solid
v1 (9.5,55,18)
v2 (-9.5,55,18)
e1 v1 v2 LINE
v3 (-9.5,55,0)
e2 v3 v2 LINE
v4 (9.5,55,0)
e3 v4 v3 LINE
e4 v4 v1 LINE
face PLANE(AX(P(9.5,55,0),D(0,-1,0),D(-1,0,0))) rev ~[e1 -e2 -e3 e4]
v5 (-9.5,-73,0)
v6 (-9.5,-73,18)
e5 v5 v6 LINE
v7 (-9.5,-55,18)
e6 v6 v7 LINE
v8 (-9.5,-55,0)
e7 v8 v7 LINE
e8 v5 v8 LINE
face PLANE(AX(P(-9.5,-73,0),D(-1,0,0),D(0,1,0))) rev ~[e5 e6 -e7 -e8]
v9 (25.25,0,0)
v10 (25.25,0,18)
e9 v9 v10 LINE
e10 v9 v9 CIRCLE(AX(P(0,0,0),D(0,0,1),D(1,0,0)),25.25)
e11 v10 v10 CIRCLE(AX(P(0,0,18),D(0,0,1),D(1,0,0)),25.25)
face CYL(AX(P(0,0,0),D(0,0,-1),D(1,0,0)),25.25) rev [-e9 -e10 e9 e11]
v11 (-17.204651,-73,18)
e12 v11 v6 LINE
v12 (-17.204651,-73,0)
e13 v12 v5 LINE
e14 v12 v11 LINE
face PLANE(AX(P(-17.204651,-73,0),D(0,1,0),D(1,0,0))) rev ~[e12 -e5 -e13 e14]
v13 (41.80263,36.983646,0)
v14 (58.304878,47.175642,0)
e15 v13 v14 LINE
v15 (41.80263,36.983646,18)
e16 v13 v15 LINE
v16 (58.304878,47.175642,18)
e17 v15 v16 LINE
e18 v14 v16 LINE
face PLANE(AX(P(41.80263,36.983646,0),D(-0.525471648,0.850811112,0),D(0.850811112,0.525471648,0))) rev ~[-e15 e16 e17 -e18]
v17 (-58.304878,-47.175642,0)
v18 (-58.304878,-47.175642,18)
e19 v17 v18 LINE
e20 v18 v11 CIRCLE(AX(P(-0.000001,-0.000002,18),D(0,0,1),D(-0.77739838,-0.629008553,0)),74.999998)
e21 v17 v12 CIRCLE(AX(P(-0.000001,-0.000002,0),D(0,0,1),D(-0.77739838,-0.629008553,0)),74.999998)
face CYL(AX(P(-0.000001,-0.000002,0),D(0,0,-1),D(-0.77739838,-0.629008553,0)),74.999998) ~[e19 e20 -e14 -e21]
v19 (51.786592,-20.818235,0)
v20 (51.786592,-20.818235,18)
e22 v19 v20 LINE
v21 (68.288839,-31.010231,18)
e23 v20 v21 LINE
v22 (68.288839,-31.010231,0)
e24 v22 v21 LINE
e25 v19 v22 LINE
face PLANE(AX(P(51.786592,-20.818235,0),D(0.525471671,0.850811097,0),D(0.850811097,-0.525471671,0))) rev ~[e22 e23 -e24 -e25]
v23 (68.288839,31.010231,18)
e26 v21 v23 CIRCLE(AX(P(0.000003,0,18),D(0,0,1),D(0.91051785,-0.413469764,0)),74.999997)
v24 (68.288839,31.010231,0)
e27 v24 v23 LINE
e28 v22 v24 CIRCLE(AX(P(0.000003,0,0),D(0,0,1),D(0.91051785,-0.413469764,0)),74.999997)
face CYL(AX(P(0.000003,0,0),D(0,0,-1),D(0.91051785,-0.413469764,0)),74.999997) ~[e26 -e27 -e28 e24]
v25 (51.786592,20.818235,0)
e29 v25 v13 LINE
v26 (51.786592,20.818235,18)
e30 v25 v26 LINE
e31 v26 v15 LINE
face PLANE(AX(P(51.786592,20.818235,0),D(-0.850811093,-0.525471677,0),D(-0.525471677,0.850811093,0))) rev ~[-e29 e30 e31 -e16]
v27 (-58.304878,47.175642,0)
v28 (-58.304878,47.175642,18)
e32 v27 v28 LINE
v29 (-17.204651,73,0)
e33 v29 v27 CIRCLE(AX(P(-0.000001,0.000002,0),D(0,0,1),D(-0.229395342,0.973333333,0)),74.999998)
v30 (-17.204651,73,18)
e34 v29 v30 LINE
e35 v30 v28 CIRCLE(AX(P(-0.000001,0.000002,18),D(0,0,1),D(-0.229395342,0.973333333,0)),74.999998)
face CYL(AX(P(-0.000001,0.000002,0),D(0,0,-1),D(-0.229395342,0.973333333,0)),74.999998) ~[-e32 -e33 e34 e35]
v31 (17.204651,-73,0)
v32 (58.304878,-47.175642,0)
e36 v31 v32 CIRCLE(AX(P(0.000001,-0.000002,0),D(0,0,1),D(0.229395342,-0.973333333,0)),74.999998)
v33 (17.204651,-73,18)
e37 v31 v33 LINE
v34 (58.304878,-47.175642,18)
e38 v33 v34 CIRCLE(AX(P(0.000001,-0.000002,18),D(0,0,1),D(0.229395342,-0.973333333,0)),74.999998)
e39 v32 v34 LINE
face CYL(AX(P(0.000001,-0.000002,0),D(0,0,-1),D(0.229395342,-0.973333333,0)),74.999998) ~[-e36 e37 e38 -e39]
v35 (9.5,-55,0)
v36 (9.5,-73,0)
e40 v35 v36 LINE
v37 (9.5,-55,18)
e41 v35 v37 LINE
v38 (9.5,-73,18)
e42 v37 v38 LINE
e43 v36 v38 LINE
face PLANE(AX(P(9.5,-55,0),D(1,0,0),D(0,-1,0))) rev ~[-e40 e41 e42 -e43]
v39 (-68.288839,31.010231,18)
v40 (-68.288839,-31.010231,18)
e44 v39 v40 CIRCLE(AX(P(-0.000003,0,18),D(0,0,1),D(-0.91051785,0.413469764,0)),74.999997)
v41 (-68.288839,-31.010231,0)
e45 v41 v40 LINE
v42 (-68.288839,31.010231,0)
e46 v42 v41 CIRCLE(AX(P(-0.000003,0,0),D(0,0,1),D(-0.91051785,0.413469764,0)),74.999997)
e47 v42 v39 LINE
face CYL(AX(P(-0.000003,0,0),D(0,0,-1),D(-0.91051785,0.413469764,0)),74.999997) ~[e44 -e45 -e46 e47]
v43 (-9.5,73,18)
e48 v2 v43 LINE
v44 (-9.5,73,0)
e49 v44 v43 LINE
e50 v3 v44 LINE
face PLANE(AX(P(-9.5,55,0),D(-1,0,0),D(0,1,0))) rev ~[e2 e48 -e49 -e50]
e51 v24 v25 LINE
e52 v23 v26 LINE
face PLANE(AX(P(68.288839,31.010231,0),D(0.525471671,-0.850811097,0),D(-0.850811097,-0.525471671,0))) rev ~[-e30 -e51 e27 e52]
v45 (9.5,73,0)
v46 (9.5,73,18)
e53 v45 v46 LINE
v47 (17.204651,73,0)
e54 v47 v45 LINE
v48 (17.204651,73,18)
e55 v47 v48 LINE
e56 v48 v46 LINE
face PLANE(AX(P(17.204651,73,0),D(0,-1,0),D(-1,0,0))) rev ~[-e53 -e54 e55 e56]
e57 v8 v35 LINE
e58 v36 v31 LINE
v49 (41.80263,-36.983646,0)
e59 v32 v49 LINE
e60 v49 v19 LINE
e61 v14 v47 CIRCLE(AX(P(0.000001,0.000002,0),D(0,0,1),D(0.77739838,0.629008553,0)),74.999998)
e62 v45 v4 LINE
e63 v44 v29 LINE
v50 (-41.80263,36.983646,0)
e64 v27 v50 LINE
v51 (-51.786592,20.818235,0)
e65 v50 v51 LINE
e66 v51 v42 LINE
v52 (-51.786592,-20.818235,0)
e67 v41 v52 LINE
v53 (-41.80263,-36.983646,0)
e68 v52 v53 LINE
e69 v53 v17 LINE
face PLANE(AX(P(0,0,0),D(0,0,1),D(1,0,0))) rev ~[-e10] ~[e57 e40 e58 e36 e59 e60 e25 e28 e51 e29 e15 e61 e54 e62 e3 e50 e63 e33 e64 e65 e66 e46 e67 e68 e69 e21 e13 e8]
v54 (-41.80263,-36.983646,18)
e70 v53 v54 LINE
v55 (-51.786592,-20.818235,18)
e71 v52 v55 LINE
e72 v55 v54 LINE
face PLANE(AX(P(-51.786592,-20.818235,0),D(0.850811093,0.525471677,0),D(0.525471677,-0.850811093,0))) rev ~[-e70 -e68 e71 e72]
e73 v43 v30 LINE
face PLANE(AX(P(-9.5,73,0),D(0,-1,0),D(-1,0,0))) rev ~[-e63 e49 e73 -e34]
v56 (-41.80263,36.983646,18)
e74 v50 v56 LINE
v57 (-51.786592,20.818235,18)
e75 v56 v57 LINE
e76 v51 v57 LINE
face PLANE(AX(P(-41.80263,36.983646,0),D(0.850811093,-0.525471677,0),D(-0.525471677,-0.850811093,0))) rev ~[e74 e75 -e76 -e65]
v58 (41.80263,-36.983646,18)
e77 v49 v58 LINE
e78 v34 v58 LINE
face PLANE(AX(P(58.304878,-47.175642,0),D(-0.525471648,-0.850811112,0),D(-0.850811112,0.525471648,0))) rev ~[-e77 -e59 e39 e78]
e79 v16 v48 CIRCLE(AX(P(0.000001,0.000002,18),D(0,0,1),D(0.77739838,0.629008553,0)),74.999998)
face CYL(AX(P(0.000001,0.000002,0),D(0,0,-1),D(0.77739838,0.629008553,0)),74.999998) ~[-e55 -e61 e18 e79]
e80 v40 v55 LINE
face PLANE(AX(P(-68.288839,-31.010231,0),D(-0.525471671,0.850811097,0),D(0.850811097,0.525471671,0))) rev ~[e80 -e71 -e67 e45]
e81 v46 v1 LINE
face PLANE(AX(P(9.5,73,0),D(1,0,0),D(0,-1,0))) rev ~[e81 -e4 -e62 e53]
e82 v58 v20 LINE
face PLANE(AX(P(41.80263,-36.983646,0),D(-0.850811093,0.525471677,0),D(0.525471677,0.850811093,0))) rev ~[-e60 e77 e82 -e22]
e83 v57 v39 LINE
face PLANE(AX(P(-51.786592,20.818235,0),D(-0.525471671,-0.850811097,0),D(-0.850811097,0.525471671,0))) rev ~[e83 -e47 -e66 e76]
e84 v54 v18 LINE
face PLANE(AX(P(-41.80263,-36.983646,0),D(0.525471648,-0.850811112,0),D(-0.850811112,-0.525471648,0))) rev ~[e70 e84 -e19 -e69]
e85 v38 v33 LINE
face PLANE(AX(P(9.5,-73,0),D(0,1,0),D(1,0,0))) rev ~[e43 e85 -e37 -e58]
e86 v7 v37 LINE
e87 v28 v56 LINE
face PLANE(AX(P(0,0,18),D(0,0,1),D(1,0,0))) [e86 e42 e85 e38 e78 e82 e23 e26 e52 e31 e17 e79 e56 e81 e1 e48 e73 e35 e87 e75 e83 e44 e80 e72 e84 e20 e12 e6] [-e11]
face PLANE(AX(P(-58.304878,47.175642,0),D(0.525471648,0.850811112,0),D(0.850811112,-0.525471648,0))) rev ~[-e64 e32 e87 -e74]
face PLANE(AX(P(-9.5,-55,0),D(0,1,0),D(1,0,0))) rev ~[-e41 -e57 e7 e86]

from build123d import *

# Parameters (mm, degrees)
F0_R     = 25.25
F1_DEPTH = 18


with BuildPart() as f1:
    # F0 (on Top) → F1 (new body)
    with BuildSketch(Plane.XY):
        with BuildLine():
            Line((-9.5, 73), (-17.204651, 73))
            ThreePointArc((-17.204651, 73), (-39.901712, 63.504751), (-58.304878, 47.175642))
            Line((-58.304878, 47.175642), (-41.80263, 36.983646))
            Line((-41.80263, 36.983646), (-51.786592, 20.818235))
            Line((-51.786592, 20.818235), (-68.288839, 31.010231))
            ThreePointArc((-68.288839, 31.010231), (-75, 0), (-68.288839, -31.010231))
            Line((-68.288839, -31.010231), (-51.786592, -20.818235))
            Line((-51.786592, -20.818235), (-41.80263, -36.983646))
            Line((-41.80263, -36.983646), (-58.304878, -47.175642))
            ThreePointArc((-58.304878, -47.175642), (-39.901712, -63.504751), (-17.204651, -73))
            Line((-17.204651, -73), (-9.5, -73))
            Line((-9.5, -73), (-9.5, -55))
            Line((-9.5, -55), (9.5, -55))
            Line((9.5, -55), (9.5, -73))
            Line((9.5, -73), (17.204651, -73))
            ThreePointArc((17.204651, -73), (39.901712, -63.504751), (58.304878, -47.175642))
            Line((58.304878, -47.175642), (41.80263, -36.983646))
            Line((41.80263, -36.983646), (51.786592, -20.818235))
            Line((51.786592, -20.818235), (68.288839, -31.010231))
            ThreePointArc((68.288839, -31.010231), (75, 0), (68.288839, 31.010231))
            Line((68.288839, 31.010231), (51.786592, 20.818235))
            Line((51.786592, 20.818235), (41.80263, 36.983646))
            Line((41.80263, 36.983646), (58.304878, 47.175642))
            ThreePointArc((58.304878, 47.175642), (39.901712, 63.504751), (17.204651, 73))
            Line((17.204651, 73), (9.5, 73))
            Line((9.5, 73), (9.5, 55))
            Line((9.5, 55), (-9.5, 55))
            Line((-9.5, 55), (-9.5, 73))
        make_face()
        Circle(F0_R, mode=Mode.SUBTRACT)
    extrude(amount=F1_DEPTH)


solid = f1.part
